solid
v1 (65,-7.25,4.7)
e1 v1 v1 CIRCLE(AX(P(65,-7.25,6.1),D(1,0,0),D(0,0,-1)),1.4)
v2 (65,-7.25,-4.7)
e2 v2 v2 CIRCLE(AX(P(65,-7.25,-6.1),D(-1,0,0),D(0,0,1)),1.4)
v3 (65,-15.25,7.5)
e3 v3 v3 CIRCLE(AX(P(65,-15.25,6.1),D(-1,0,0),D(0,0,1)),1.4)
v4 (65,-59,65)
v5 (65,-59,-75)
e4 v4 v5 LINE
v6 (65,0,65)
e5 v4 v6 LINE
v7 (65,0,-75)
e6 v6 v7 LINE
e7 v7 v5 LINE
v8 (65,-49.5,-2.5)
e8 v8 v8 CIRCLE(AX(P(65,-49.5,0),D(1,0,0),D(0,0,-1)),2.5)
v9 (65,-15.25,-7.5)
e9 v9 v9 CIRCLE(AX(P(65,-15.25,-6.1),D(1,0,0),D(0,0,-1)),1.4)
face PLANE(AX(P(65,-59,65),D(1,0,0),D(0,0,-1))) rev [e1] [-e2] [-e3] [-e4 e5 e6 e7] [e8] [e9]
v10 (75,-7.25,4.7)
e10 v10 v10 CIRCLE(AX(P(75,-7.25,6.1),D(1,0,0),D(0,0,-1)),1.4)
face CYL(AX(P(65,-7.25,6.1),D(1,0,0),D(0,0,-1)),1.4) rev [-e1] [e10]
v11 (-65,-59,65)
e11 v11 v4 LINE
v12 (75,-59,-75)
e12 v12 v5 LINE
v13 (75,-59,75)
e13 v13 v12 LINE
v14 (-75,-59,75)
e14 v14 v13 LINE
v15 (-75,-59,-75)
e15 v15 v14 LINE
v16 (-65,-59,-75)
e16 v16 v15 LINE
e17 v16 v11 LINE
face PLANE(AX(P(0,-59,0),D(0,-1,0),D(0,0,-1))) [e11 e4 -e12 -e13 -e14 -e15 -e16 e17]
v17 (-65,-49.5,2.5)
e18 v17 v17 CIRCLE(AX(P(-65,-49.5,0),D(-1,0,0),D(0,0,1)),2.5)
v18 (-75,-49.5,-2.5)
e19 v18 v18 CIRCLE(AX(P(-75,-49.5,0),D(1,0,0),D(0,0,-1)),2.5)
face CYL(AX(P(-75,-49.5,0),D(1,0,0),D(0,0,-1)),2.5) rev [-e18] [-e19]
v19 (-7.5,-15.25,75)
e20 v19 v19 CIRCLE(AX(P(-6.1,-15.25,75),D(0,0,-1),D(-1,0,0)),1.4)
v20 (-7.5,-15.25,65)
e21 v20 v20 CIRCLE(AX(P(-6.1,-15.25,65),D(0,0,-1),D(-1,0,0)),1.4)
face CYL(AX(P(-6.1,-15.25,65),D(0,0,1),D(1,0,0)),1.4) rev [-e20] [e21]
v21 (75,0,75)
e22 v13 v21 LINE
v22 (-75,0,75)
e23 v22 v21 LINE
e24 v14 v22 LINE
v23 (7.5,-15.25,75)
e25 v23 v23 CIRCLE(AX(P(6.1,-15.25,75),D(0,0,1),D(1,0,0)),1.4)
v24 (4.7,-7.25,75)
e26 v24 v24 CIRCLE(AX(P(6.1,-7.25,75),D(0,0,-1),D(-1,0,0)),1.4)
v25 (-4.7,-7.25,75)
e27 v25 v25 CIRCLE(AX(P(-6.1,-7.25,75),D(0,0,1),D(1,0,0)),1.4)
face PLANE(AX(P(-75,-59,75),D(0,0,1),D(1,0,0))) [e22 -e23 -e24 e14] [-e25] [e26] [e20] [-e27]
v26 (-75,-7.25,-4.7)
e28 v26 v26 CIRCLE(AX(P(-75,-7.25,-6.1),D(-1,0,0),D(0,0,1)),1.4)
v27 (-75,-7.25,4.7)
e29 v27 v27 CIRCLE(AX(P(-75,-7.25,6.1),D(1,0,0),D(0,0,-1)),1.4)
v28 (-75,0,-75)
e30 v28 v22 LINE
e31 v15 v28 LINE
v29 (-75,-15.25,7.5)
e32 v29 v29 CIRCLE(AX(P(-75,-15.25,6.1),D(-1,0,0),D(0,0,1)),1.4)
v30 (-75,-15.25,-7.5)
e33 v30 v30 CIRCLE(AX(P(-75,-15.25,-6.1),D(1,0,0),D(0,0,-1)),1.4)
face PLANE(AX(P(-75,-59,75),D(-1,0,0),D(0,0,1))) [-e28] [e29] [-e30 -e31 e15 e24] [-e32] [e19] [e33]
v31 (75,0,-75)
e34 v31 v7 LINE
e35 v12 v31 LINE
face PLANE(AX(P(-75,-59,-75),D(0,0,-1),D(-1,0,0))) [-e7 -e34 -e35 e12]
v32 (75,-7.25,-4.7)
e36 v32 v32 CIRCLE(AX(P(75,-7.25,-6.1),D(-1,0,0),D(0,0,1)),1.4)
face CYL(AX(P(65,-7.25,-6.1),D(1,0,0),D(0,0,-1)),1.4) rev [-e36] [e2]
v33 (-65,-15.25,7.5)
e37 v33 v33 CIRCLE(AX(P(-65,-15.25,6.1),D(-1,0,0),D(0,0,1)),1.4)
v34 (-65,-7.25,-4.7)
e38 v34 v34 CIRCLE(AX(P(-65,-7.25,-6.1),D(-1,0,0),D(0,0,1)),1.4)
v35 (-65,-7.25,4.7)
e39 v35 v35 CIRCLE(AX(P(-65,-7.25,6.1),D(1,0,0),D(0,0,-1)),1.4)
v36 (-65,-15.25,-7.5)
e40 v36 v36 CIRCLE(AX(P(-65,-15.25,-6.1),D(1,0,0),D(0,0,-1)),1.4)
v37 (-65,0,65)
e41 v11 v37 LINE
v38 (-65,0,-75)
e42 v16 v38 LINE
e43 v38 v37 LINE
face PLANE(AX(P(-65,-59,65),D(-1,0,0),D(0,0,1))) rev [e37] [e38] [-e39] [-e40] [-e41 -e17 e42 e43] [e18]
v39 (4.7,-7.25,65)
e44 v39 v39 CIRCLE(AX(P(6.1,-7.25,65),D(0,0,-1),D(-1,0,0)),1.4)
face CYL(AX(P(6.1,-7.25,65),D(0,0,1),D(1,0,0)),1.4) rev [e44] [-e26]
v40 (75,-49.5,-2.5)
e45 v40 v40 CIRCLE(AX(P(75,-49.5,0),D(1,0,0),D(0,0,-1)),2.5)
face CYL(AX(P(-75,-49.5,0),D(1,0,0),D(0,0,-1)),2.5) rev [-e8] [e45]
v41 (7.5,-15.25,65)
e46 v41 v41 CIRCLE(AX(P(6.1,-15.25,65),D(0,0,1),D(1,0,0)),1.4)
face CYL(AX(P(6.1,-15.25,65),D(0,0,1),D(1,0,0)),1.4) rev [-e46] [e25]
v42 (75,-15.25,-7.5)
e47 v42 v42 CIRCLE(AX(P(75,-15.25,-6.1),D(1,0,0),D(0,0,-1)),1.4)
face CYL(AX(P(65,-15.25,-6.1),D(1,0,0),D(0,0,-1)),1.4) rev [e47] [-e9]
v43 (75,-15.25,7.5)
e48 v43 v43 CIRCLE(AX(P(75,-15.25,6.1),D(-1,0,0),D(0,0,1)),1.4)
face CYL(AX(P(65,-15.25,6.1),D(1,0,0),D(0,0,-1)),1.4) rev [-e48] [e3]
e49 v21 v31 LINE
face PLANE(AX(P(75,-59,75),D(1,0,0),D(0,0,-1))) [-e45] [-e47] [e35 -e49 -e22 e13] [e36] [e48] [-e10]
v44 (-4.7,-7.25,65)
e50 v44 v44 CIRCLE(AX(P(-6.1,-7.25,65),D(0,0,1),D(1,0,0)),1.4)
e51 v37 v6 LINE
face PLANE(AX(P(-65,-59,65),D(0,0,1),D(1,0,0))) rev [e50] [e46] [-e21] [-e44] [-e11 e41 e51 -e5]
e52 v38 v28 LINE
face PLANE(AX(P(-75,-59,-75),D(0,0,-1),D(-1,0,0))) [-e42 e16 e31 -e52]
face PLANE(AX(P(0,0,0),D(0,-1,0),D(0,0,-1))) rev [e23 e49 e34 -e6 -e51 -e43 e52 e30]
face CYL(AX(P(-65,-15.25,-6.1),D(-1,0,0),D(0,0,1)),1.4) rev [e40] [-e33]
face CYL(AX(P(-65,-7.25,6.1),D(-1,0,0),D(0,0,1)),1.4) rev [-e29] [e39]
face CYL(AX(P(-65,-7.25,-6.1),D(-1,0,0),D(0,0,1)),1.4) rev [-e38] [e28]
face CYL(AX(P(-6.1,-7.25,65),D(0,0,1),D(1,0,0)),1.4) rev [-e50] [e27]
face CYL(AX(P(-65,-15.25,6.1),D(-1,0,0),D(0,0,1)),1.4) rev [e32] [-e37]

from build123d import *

# Parameters (mm, degrees)
SKETCH1_W           = 150
SKETCH1_H           = 150
BOSS_EXTRUDE1_DEPTH = 59
SKETCH2_W           = 130
SKETCH2_H           = 130
CUT_EXTRUDE1_DEPTH  = 60
SKETCH9_R           = 1.4
CUT_EXTRUDE4_DEPTH  = 10
CIRPATTERN1_COUNT   = 3
CIRPATTERN1_ANGLE   = 180
SKETCH10_W          = 130
SKETCH10_H          = 96.398295943
CUT_EXTRUDE6_DEPTH  = 60
SKETCH11_R          = 2.5
CUT_EXTRUDE7_DEPTH  = 151


with BuildPart() as part:
    # Sketch1 → Boss-Extrude1 (new body)
    with BuildSketch(Plane(origin=(0, 0, 0), x_dir=(1, 0, 0), z_dir=(0, 1, 0))):
        Rectangle(SKETCH1_W, SKETCH1_H)
    extrude(amount=-BOSS_EXTRUDE1_DEPTH)

    # Sketch2 → Cut-Extrude1 (cut, through all)
    with BuildSketch(Plane(origin=(0, 0, 0), x_dir=(1, 0, 0), z_dir=(0, 1, 0))):
        Rectangle(SKETCH2_W, SKETCH2_H)
    extrude(amount=-CUT_EXTRUDE1_DEPTH, mode=Mode.SUBTRACT)

    # Sketch9 → Cut-Extrude4 (cut)
    with BuildSketch(Plane.ZY.offset(75)):
        with Locations((-6.1, -7.25)):
            Circle(SKETCH9_R)
        with Locations((6.1, -7.25)):
            Circle(SKETCH9_R)
        with Locations((6.1, -15.25)):
            Circle(SKETCH9_R)
        with Locations((-6.1, -15.25)):
            Circle(SKETCH9_R)
    cut_extrude4 = extrude(amount=-CUT_EXTRUDE4_DEPTH, mode=Mode.SUBTRACT)

    # CirPattern1: Cut-Extrude4 ×3 about axis
    cirpattern1_axis = Axis((0, 0, 0), (0, 1, 0))
    for i in range(1, CIRPATTERN1_COUNT):
        add(cut_extrude4.rotate(cirpattern1_axis, i * CIRPATTERN1_ANGLE / (CIRPATTERN1_COUNT - 1)), mode=Mode.SUBTRACT)

    # Sketch10 → Cut-Extrude6 (cut, through all)
    with BuildSketch(Plane(origin=(0, 0, 0), x_dir=(1, 0, 0), z_dir=(0, 1, 0))):
        with Locations((0, 113.199147972)):
            Rectangle(SKETCH10_W, SKETCH10_H)
    extrude(amount=-CUT_EXTRUDE6_DEPTH, mode=Mode.SUBTRACT)

    # Sketch11 → Cut-Extrude7 (cut, through all)
    with BuildSketch(Plane(origin=(75, 0, 0), x_dir=(0, 0, -1), z_dir=(1, 0, 0))):
        with Locations((0, -49.5)):
            Circle(SKETCH11_R)
    extrude(amount=-CUT_EXTRUDE7_DEPTH, mode=Mode.SUBTRACT)


solid = part.part
